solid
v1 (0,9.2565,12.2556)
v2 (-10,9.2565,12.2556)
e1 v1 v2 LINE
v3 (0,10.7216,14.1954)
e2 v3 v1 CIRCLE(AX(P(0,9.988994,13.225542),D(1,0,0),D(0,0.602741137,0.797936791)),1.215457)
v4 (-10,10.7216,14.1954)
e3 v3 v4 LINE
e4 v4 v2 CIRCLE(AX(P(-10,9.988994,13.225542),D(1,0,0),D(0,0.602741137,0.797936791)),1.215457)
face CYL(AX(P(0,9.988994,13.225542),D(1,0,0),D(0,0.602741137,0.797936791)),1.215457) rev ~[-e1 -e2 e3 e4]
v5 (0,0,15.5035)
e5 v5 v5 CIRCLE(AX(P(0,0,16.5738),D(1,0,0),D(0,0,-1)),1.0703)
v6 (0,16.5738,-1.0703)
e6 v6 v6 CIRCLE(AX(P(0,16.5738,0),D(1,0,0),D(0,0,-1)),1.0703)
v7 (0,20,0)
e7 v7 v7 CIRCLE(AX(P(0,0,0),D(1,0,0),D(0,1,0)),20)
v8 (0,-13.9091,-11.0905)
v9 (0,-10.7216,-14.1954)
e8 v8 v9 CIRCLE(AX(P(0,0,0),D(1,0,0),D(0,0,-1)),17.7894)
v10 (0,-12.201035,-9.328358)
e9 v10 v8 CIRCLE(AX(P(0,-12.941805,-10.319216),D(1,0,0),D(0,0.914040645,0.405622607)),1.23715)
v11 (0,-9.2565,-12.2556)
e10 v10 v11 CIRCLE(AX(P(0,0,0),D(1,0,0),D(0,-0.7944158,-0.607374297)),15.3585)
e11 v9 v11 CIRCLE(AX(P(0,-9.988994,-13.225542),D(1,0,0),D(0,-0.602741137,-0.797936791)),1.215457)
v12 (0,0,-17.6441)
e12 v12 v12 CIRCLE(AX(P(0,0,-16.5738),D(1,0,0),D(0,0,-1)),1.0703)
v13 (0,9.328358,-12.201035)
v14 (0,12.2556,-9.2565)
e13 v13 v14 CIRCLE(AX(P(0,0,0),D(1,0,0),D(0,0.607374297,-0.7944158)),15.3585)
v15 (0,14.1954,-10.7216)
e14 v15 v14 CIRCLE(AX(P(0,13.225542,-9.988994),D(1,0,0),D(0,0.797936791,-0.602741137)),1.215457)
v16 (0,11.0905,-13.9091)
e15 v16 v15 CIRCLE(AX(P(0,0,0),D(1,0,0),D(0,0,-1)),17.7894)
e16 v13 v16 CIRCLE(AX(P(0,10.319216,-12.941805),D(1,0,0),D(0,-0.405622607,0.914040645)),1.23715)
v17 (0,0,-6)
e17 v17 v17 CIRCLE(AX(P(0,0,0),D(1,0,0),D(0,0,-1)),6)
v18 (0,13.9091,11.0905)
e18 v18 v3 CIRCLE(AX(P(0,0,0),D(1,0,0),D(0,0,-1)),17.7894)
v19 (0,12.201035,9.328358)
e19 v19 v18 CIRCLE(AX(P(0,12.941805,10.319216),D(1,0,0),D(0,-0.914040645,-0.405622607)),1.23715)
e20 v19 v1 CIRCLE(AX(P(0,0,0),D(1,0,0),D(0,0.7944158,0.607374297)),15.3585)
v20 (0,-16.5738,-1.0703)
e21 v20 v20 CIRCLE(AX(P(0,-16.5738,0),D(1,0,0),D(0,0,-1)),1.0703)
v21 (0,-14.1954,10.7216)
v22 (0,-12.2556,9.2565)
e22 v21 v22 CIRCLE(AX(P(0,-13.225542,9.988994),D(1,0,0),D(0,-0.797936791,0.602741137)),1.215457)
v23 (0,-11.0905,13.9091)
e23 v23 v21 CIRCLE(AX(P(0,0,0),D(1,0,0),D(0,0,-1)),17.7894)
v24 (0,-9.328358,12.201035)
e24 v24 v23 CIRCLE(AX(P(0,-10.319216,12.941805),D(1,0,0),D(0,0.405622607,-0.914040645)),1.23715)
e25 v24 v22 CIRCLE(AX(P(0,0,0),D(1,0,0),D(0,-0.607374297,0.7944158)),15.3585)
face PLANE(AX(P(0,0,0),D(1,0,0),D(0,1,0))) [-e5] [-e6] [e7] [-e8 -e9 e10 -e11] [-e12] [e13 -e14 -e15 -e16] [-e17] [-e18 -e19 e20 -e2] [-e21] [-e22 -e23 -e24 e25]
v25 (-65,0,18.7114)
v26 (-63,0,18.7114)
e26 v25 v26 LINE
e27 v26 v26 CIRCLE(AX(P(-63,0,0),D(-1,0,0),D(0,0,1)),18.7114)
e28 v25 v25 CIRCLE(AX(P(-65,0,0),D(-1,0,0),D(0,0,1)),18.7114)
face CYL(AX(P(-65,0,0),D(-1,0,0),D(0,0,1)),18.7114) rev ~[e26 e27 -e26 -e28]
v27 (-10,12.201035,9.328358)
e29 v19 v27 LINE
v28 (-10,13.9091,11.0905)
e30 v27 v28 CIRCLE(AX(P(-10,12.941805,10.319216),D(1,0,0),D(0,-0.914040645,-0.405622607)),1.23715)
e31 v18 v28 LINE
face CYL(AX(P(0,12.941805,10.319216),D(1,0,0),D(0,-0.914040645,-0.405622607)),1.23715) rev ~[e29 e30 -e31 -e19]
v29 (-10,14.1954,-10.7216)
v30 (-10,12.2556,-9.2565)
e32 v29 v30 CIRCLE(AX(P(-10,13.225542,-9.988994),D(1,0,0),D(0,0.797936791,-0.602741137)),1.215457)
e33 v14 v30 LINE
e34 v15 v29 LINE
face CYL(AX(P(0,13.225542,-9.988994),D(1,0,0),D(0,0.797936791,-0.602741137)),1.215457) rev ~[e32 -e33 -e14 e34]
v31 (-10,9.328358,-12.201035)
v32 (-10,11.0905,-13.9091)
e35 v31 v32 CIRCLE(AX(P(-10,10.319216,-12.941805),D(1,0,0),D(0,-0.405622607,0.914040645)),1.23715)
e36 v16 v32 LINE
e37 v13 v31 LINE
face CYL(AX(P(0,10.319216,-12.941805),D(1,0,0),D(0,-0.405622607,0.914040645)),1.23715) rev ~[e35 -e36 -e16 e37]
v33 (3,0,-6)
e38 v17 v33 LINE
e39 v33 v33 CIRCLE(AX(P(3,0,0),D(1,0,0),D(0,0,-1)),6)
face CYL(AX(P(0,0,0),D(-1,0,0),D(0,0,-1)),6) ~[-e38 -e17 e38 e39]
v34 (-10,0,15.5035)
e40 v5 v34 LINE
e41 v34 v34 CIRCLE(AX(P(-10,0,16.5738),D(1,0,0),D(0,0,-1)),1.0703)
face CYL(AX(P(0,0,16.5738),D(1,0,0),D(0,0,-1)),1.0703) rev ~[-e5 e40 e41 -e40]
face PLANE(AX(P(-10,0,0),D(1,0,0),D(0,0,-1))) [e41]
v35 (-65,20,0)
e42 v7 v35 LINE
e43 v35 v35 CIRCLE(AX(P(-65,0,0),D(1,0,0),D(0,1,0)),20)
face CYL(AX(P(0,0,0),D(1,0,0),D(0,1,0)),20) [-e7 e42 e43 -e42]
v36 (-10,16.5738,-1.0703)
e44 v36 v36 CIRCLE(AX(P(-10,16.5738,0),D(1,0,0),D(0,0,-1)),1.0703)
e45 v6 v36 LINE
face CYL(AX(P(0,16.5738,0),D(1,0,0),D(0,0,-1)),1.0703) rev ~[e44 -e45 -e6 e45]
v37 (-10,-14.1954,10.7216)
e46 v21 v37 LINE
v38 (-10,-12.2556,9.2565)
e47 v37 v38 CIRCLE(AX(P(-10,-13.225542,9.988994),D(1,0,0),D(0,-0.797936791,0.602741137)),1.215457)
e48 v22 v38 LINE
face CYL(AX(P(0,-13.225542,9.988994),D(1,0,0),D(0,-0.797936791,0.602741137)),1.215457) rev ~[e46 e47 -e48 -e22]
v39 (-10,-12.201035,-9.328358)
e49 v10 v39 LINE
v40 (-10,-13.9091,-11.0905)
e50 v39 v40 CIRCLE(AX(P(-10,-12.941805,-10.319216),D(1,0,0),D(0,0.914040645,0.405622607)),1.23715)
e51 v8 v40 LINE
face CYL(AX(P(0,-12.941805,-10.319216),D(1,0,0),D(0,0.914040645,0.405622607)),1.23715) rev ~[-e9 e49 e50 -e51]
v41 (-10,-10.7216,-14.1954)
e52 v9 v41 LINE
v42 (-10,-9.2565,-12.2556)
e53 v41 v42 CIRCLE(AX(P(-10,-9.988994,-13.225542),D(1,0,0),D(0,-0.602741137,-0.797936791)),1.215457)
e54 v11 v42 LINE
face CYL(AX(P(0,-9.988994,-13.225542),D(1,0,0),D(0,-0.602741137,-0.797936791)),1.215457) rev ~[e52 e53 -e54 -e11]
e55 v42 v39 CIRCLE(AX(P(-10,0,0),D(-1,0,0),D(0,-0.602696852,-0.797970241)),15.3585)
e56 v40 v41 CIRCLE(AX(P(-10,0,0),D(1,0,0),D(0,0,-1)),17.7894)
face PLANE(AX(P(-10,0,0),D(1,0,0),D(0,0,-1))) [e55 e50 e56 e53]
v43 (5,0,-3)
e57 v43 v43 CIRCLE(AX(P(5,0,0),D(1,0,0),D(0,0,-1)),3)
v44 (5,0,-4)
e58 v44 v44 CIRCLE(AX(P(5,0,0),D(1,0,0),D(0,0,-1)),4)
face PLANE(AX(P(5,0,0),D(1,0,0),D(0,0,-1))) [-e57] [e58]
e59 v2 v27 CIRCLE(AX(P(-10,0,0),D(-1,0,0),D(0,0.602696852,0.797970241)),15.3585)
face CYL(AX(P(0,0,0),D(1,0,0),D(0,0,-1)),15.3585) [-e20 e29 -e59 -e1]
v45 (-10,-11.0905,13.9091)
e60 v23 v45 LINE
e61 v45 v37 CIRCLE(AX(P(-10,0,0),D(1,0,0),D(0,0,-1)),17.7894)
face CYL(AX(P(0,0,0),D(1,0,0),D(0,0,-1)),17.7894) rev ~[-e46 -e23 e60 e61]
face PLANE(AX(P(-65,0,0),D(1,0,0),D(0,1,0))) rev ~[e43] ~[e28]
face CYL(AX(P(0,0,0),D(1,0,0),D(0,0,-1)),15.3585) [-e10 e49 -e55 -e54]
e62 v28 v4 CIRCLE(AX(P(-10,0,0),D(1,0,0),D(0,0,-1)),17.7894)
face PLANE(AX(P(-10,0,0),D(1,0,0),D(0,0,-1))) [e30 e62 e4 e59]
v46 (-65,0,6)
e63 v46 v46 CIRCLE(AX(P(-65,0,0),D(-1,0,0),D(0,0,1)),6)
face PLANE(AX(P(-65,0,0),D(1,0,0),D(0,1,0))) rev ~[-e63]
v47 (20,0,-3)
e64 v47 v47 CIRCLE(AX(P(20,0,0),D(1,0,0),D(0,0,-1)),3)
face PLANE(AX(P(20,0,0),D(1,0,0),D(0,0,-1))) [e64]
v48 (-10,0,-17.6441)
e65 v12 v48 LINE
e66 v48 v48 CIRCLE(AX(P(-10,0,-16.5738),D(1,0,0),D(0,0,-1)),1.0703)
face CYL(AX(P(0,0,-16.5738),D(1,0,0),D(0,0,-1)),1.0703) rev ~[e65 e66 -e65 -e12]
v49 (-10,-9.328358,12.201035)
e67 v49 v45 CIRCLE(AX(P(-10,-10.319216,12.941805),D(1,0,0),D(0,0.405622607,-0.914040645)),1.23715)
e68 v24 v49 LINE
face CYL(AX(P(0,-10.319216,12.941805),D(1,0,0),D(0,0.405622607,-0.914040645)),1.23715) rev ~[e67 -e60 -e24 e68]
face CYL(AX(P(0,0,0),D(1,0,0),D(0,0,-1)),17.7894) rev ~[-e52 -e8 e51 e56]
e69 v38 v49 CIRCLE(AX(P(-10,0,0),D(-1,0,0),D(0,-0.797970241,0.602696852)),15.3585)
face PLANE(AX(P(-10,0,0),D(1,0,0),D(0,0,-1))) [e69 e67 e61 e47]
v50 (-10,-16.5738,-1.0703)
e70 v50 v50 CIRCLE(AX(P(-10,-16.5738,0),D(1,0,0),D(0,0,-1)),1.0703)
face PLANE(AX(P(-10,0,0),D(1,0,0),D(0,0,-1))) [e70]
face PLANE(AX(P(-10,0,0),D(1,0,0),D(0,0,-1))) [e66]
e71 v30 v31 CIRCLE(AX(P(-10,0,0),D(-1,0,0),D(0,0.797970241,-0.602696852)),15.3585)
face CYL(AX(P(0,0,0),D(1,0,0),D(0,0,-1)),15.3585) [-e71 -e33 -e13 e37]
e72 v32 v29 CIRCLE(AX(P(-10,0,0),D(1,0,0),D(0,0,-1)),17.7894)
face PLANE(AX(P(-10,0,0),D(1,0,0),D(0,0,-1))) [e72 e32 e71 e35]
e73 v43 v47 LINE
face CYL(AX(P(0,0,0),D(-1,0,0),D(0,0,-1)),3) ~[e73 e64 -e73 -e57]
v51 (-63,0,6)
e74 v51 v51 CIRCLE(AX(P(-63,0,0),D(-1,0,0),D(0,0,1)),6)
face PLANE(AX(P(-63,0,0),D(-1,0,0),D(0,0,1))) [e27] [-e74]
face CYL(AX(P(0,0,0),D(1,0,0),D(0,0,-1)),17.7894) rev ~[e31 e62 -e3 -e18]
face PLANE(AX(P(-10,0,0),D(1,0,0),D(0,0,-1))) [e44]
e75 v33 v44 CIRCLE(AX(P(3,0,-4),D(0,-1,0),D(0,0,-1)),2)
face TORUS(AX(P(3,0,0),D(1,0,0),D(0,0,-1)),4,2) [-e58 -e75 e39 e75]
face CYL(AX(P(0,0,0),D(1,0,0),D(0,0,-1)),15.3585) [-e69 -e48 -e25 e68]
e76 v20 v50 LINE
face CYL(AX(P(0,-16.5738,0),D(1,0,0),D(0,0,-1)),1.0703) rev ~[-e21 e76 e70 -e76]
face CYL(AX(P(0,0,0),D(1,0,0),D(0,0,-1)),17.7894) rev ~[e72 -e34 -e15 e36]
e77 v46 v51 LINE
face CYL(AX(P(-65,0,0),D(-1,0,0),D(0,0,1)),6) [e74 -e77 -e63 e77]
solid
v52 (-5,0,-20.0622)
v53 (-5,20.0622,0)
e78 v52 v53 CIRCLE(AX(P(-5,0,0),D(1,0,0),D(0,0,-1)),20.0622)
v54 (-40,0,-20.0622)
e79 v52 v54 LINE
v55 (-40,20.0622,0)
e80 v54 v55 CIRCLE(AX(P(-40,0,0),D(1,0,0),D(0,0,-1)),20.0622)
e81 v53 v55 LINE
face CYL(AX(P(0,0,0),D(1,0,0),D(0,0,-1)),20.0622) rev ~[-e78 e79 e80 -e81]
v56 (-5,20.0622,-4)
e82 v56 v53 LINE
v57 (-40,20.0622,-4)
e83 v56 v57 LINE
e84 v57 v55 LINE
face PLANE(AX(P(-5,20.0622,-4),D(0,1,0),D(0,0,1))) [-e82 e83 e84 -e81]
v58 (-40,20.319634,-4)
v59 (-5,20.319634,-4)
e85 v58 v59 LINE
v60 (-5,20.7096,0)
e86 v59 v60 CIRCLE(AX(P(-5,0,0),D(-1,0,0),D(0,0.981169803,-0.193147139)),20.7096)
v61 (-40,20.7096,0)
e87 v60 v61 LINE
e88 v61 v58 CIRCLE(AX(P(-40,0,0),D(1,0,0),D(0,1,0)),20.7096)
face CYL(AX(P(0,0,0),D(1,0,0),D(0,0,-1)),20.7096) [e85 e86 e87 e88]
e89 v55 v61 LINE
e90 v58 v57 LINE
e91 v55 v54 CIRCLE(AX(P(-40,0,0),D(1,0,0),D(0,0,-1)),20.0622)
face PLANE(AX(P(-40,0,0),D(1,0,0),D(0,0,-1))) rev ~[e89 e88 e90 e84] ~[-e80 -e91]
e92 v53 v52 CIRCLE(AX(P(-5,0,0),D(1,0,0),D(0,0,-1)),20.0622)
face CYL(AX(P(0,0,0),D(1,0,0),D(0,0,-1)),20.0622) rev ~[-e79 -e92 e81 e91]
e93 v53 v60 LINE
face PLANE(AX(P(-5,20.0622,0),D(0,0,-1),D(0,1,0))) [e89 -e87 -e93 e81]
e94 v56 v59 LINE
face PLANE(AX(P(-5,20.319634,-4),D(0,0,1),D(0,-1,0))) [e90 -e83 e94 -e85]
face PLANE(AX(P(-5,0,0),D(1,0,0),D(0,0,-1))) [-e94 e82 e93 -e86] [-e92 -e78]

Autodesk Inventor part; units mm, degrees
ref_plane "YZ Plane" through (0, 0, 0) normal (1, 0, 0) x (0, 1, 0)
ref_plane "XZ Plane" through (0, 0, 0) normal (0, 1, 0) x (-1, 0, 0)
ref_plane "XY Plane" through (0, 0, 0) normal (0, 0, 1) x (1, 0, 0)
sketch "Sketch1" plane through (0, 0, 0) normal (1, 0, 0) x (0, 1, 0)
  circle A0 centre (0, 0) radius 20
  dimension "d0" = 40
extrude "Extrusion1" add sketch "Sketch1" against normal blind 65
sketch "Sketch2" plane through (0, 0, 0) normal (1, 0, 0) x (0, 0, -1)
  circle A0 centre (0, 0) radius 6
  circle A1 centre (0, 0) radius 3
  dimension "d3" = 12
  dimension "d4" = 6
extrude "Extrusion2" add sketch "Sketch2" along normal blind 5
fillet "Fillet1" radius 2 1 edges at (5, 0, 6)
sketch "Sketch3" plane through (0, 0, 0) normal (1, 0, 0) x (0, 0, -1)
  circle A0 centre (0, 0) radius 20.7096
  circle A1 centre (0, 0) radius 20.0622
extrude "Extrusion3" add sketch "Sketch3" against normal blind 40
sketch "Sketch4" plane through (0, 0, 0) normal (1, 0, 0) x (0, 0, -1)
  circle A0 centre (0, 0) radius 20.0395
  circle A1 centre (0, 0) radius 20.0395
  circle A2 centre (0, 0) radius 20.7096
extrude "Extrusion4" cut sketch "Sketch4" against normal blind 5
sketch "Sketch5" plane through (-5, 0, 0) normal (1, 0, 0) x (0, 0, -1)
  circle A0 centre (0, 0) radius 20.0622 projected
  circle A1 centre (0, 0) radius 20.7096 projected
  line L0 (0, 20.0622) -> (0, 20.7096)
  line L1 (0, 20.7096) -> (4, 20.7096)
  line L2 (4, 20.7096) -> (4, 20.0622)
  line L3 (4, 20.0622) -> (0, 20.0622)
  dimension "d12" = 4
extrude "Extrusion5" cut sketch "Sketch5" against normal through all contours L0 A1 L2 L3 | L1 L2 A1 picked at (2.2253, 20.2201)
sketch "Sketch6" plane through (0, 0, 0) normal (1, 0, 0) x (0, 0, -1)
  circle A0 centre (0, 0) radius 17.7894
  circle A1 centre (0, 0) radius 15.3585
  arc A2 (-10.7216, -14.1954) -> (-9.2565, -12.2556) centre (-9.989, -13.2255) ccw
  arc A3 (-11.811, -9.8174) -> (-13.9091, -11.0905) centre (-12.9418, -10.3192) ccw
  arc A4 (-14.1954, 10.7216) -> (-12.2556, 9.2565) centre (-13.2255, 9.989) ccw
  arc A5 (-9.8174, 11.811) -> (-11.0905, 13.9091) centre (-10.3192, 12.9418) ccw
  arc A6 (10.7216, 14.1954) -> (9.2565, 12.2556) centre (9.989, 13.2255) ccw
  arc A7 (11.811, 9.8174) -> (13.9091, 11.0905) centre (12.9418, 10.3192) ccw
  arc A8 (14.1954, -10.7216) -> (12.2556, -9.2565) centre (13.2255, -9.989) ccw
  arc A9 (9.8174, -11.811) -> (11.0905, -13.9091) centre (10.3192, -12.9418) ccw
  circle A10 centre (0, -16.5738) radius 1.0703
  circle A11 centre (16.5738, 0) radius 1.0703
  circle A12 centre (0, 16.5738) radius 1.0703
  circle A13 centre (-16.5738, 0) radius 1.0703
  point P0 (9.3285, -12.2009)
  point P1 (14.1954, -10.7216)
  point P2 (12.2556, -9.2565)
  point P3 (12.2009, 9.3285)
  point P4 (10.7216, 14.1954)
  point P5 (9.2565, 12.2556)
  point P6 (-9.3285, 12.2009)
  point P7 (-11.0905, 13.9091)
  point P8 (-14.1954, 10.7216)
  point P9 (-12.2009, -9.3285)
  dimension "d17" = 360
  dimension "d21" = 360
extrude "Extrusion6" cut sketch "Sketch6" against normal blind 10 contours A7 A1 A6 A0 | A0 A9 A1 A8 | A5 A1 A4 A0 | A0 A3 A1 A2 | A10 | A11 | A12 | A13
sketch3d "3D Sketch1"
sketch "Sketch8" plane through (-65, 0, 0) normal (-1, 0, 0) x (0, 0, 1)
  circle A0 centre (0, 0) radius 18.7114
  circle A1 centre (0, 0) radius 6 projected
  circle A2 centre (0, 0) radius 5
extrude "Extrusion7" cut sketch "Sketch8" against normal blind 2 contours A0
sketch "Sketch9" plane through (0, 0, 0) normal (1, 0, 0) x (0, 0, -1)
  circle A0 centre (0, 0) radius 3 projected
  circle A1 centre (0, 0) radius 5
  circle A2 centre (0, 0) radius 3
extrude "Extrusion8" add sketch "Sketch9" along normal blind 20 contours A0
properties part number "775motor"
